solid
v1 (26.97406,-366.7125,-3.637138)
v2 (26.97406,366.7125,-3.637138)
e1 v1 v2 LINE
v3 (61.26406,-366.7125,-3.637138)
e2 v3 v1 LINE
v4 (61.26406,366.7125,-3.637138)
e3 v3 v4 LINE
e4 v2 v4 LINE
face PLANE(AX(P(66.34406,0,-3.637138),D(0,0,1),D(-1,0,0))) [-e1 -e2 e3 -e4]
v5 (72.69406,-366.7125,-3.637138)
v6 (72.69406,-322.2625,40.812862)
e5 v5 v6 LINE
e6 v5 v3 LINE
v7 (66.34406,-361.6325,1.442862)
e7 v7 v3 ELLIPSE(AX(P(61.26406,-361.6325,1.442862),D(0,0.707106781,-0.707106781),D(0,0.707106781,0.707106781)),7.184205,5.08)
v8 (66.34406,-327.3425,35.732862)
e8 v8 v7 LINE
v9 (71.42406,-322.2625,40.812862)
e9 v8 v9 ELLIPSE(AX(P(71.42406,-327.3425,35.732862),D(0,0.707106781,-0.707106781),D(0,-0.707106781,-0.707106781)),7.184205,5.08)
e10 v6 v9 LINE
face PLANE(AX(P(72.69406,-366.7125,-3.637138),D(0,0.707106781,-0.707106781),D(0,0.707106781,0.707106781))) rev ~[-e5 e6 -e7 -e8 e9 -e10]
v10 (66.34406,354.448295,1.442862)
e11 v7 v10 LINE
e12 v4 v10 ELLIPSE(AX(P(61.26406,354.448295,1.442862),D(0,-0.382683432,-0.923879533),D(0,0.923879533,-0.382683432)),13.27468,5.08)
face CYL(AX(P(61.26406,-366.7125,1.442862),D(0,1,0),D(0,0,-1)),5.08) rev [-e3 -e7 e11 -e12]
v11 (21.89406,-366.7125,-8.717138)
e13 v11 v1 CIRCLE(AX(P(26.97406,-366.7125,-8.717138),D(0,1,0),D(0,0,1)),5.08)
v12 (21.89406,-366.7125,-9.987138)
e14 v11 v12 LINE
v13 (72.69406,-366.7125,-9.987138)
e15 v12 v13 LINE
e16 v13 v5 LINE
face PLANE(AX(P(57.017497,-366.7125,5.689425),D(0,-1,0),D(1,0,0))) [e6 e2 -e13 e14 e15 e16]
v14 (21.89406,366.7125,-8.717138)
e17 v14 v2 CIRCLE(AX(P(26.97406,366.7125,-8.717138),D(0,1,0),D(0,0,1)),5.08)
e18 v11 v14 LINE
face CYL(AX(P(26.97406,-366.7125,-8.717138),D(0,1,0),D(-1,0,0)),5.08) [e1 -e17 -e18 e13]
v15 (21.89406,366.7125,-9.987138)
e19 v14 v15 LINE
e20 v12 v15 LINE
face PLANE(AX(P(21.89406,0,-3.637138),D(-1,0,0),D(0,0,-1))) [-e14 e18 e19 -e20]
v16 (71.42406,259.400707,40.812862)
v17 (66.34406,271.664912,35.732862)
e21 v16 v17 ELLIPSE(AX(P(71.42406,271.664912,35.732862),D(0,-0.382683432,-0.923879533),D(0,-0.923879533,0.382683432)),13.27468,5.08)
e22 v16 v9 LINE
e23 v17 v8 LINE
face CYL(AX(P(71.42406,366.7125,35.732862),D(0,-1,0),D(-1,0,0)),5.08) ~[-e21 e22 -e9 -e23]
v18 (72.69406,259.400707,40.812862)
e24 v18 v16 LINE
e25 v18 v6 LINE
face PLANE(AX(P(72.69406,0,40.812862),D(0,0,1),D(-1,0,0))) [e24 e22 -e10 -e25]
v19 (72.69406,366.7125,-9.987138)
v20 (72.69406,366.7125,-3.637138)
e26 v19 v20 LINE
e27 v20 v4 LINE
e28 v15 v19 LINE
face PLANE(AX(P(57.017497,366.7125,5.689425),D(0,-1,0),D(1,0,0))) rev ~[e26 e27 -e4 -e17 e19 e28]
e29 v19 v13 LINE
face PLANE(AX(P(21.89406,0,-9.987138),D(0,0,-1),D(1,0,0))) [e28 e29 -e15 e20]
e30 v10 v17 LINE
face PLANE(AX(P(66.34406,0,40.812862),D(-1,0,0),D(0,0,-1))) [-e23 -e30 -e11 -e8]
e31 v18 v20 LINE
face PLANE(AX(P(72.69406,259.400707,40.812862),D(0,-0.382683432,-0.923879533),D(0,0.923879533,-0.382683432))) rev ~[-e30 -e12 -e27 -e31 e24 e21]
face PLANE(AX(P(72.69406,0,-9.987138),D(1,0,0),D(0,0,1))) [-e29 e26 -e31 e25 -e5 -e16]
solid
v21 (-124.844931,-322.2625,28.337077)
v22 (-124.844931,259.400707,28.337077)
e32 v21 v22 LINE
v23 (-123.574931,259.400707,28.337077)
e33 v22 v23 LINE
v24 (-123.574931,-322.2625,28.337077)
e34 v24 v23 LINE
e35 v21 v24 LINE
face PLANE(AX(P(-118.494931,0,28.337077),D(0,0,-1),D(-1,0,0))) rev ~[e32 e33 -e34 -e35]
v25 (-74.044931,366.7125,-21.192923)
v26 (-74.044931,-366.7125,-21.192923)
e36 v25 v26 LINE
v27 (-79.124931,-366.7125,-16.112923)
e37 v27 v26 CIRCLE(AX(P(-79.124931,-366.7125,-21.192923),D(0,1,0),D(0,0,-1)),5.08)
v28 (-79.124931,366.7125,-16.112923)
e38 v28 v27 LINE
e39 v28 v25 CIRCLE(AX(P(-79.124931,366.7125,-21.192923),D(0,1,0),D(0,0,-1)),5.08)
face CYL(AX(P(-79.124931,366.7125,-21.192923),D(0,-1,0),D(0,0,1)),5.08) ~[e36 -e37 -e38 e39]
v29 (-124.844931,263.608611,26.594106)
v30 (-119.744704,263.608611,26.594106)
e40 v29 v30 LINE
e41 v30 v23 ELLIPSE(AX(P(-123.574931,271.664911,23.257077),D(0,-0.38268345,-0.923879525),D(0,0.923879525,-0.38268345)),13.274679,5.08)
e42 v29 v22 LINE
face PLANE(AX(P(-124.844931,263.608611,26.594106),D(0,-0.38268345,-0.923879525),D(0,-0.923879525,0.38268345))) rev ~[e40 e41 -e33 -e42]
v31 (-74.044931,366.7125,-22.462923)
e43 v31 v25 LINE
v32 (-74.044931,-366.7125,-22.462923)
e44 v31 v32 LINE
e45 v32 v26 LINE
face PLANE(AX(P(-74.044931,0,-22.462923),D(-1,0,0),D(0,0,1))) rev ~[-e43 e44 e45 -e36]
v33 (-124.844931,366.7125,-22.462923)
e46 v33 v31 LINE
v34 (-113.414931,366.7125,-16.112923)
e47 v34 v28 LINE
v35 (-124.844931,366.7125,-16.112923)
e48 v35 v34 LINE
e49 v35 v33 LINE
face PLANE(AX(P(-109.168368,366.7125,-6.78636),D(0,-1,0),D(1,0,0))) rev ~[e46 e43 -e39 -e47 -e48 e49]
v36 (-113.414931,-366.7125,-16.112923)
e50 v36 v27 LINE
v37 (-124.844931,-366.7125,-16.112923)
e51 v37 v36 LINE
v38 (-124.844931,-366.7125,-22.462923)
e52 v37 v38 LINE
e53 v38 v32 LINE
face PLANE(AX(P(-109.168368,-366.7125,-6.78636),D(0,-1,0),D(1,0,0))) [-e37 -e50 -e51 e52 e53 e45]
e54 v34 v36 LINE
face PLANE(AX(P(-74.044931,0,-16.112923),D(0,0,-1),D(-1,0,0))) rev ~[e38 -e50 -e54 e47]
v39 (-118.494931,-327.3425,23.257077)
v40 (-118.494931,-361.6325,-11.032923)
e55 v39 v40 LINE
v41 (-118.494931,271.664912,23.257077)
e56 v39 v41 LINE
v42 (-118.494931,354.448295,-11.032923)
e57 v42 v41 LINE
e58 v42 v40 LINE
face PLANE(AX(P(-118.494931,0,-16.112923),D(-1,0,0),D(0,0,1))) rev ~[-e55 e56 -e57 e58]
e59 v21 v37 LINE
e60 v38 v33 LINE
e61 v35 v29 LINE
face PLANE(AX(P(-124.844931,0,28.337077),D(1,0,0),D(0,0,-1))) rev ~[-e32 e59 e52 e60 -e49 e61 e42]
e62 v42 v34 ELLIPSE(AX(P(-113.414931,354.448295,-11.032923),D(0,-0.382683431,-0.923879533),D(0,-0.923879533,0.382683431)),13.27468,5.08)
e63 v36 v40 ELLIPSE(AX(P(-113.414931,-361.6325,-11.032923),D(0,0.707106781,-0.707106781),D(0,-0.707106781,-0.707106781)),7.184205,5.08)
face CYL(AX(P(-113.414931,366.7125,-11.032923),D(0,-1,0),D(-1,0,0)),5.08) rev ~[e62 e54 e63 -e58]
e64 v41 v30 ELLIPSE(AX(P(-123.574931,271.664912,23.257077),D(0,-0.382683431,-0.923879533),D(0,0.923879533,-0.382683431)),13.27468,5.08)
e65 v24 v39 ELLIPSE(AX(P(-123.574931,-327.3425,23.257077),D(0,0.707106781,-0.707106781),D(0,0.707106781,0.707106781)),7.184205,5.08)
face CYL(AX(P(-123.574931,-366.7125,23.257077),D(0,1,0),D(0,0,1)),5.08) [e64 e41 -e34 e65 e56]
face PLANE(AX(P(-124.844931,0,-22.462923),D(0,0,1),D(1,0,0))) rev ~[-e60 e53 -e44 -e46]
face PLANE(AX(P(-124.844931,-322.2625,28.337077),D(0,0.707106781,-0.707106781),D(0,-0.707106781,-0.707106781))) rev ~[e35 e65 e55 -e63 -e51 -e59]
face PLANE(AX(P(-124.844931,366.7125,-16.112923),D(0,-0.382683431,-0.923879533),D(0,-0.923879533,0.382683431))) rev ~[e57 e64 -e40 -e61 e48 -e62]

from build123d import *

# Parameters (mm, degrees)
F1_DEPTH = 366.7125
F2_R     = 5.08
F4_DEPTH = 25.4
F6_DEPTH = 25.4


with BuildPart() as f1:
    # F0 (on Front) → F1 (new body, symmetric)
    with BuildSketch(Plane.XZ):
        Polygon((-124.844931, -22.462923), (-74.044931, -22.462923), (-74.044931, -16.112923), (-118.494931, -16.112923), (-118.494931, 28.337077), (-124.844931, 28.337077), align=None)
        Polygon((21.89406, -9.987138), (72.69406, -9.987138), (72.69406, 40.812862), (66.34406, 40.812862), (66.34406, -3.637138), (21.89406, -3.637138), align=None)
    extrude(amount=F1_DEPTH, both=True)

    # F2
    f2_edges = [f1.edges().sort_by_distance(p)[0] for p in [
        (-118.494931, 0, 28.337077),
        (-118.494931, 0, -16.112923),
        (-74.044931, 0, -16.112923),
        (21.89406, 0, -3.637138),
        (66.34406, 0, -3.637138),
        (66.34406, 0, 40.812862),
    ]]
    fillet(f2_edges, radius=F2_R)

    # F3 (on face) → F4 (cut)
    with BuildSketch(Plane(origin=(-124.844931, 0, 0), x_dir=(0, -1, 0), z_dir=(-1, 0, 0))):
        Polygon((-263.608611, 26.594106), (-259.400707, 28.337077), (-366.7125, 28.337077), (-366.7125, -16.112923), align=None)
        Polygon((322.2625, 28.337077), (366.7125, -16.112923), (366.7125, 28.337077), align=None)
    extrude(amount=-F4_DEPTH, mode=Mode.SUBTRACT)

    # F5 (on face) → F6 (cut)
    with BuildSketch(Plane.YZ.offset(72.69406)):
        Polygon((259.400707, 40.812862), (366.7125, -3.637138), (366.7125, 40.812862), align=None)
        Polygon((-366.7125, -3.637138), (-322.2625, 40.812862), (-366.7125, 40.812862), align=None)
    extrude(amount=-F6_DEPTH, mode=Mode.SUBTRACT)


solid = f1.part
